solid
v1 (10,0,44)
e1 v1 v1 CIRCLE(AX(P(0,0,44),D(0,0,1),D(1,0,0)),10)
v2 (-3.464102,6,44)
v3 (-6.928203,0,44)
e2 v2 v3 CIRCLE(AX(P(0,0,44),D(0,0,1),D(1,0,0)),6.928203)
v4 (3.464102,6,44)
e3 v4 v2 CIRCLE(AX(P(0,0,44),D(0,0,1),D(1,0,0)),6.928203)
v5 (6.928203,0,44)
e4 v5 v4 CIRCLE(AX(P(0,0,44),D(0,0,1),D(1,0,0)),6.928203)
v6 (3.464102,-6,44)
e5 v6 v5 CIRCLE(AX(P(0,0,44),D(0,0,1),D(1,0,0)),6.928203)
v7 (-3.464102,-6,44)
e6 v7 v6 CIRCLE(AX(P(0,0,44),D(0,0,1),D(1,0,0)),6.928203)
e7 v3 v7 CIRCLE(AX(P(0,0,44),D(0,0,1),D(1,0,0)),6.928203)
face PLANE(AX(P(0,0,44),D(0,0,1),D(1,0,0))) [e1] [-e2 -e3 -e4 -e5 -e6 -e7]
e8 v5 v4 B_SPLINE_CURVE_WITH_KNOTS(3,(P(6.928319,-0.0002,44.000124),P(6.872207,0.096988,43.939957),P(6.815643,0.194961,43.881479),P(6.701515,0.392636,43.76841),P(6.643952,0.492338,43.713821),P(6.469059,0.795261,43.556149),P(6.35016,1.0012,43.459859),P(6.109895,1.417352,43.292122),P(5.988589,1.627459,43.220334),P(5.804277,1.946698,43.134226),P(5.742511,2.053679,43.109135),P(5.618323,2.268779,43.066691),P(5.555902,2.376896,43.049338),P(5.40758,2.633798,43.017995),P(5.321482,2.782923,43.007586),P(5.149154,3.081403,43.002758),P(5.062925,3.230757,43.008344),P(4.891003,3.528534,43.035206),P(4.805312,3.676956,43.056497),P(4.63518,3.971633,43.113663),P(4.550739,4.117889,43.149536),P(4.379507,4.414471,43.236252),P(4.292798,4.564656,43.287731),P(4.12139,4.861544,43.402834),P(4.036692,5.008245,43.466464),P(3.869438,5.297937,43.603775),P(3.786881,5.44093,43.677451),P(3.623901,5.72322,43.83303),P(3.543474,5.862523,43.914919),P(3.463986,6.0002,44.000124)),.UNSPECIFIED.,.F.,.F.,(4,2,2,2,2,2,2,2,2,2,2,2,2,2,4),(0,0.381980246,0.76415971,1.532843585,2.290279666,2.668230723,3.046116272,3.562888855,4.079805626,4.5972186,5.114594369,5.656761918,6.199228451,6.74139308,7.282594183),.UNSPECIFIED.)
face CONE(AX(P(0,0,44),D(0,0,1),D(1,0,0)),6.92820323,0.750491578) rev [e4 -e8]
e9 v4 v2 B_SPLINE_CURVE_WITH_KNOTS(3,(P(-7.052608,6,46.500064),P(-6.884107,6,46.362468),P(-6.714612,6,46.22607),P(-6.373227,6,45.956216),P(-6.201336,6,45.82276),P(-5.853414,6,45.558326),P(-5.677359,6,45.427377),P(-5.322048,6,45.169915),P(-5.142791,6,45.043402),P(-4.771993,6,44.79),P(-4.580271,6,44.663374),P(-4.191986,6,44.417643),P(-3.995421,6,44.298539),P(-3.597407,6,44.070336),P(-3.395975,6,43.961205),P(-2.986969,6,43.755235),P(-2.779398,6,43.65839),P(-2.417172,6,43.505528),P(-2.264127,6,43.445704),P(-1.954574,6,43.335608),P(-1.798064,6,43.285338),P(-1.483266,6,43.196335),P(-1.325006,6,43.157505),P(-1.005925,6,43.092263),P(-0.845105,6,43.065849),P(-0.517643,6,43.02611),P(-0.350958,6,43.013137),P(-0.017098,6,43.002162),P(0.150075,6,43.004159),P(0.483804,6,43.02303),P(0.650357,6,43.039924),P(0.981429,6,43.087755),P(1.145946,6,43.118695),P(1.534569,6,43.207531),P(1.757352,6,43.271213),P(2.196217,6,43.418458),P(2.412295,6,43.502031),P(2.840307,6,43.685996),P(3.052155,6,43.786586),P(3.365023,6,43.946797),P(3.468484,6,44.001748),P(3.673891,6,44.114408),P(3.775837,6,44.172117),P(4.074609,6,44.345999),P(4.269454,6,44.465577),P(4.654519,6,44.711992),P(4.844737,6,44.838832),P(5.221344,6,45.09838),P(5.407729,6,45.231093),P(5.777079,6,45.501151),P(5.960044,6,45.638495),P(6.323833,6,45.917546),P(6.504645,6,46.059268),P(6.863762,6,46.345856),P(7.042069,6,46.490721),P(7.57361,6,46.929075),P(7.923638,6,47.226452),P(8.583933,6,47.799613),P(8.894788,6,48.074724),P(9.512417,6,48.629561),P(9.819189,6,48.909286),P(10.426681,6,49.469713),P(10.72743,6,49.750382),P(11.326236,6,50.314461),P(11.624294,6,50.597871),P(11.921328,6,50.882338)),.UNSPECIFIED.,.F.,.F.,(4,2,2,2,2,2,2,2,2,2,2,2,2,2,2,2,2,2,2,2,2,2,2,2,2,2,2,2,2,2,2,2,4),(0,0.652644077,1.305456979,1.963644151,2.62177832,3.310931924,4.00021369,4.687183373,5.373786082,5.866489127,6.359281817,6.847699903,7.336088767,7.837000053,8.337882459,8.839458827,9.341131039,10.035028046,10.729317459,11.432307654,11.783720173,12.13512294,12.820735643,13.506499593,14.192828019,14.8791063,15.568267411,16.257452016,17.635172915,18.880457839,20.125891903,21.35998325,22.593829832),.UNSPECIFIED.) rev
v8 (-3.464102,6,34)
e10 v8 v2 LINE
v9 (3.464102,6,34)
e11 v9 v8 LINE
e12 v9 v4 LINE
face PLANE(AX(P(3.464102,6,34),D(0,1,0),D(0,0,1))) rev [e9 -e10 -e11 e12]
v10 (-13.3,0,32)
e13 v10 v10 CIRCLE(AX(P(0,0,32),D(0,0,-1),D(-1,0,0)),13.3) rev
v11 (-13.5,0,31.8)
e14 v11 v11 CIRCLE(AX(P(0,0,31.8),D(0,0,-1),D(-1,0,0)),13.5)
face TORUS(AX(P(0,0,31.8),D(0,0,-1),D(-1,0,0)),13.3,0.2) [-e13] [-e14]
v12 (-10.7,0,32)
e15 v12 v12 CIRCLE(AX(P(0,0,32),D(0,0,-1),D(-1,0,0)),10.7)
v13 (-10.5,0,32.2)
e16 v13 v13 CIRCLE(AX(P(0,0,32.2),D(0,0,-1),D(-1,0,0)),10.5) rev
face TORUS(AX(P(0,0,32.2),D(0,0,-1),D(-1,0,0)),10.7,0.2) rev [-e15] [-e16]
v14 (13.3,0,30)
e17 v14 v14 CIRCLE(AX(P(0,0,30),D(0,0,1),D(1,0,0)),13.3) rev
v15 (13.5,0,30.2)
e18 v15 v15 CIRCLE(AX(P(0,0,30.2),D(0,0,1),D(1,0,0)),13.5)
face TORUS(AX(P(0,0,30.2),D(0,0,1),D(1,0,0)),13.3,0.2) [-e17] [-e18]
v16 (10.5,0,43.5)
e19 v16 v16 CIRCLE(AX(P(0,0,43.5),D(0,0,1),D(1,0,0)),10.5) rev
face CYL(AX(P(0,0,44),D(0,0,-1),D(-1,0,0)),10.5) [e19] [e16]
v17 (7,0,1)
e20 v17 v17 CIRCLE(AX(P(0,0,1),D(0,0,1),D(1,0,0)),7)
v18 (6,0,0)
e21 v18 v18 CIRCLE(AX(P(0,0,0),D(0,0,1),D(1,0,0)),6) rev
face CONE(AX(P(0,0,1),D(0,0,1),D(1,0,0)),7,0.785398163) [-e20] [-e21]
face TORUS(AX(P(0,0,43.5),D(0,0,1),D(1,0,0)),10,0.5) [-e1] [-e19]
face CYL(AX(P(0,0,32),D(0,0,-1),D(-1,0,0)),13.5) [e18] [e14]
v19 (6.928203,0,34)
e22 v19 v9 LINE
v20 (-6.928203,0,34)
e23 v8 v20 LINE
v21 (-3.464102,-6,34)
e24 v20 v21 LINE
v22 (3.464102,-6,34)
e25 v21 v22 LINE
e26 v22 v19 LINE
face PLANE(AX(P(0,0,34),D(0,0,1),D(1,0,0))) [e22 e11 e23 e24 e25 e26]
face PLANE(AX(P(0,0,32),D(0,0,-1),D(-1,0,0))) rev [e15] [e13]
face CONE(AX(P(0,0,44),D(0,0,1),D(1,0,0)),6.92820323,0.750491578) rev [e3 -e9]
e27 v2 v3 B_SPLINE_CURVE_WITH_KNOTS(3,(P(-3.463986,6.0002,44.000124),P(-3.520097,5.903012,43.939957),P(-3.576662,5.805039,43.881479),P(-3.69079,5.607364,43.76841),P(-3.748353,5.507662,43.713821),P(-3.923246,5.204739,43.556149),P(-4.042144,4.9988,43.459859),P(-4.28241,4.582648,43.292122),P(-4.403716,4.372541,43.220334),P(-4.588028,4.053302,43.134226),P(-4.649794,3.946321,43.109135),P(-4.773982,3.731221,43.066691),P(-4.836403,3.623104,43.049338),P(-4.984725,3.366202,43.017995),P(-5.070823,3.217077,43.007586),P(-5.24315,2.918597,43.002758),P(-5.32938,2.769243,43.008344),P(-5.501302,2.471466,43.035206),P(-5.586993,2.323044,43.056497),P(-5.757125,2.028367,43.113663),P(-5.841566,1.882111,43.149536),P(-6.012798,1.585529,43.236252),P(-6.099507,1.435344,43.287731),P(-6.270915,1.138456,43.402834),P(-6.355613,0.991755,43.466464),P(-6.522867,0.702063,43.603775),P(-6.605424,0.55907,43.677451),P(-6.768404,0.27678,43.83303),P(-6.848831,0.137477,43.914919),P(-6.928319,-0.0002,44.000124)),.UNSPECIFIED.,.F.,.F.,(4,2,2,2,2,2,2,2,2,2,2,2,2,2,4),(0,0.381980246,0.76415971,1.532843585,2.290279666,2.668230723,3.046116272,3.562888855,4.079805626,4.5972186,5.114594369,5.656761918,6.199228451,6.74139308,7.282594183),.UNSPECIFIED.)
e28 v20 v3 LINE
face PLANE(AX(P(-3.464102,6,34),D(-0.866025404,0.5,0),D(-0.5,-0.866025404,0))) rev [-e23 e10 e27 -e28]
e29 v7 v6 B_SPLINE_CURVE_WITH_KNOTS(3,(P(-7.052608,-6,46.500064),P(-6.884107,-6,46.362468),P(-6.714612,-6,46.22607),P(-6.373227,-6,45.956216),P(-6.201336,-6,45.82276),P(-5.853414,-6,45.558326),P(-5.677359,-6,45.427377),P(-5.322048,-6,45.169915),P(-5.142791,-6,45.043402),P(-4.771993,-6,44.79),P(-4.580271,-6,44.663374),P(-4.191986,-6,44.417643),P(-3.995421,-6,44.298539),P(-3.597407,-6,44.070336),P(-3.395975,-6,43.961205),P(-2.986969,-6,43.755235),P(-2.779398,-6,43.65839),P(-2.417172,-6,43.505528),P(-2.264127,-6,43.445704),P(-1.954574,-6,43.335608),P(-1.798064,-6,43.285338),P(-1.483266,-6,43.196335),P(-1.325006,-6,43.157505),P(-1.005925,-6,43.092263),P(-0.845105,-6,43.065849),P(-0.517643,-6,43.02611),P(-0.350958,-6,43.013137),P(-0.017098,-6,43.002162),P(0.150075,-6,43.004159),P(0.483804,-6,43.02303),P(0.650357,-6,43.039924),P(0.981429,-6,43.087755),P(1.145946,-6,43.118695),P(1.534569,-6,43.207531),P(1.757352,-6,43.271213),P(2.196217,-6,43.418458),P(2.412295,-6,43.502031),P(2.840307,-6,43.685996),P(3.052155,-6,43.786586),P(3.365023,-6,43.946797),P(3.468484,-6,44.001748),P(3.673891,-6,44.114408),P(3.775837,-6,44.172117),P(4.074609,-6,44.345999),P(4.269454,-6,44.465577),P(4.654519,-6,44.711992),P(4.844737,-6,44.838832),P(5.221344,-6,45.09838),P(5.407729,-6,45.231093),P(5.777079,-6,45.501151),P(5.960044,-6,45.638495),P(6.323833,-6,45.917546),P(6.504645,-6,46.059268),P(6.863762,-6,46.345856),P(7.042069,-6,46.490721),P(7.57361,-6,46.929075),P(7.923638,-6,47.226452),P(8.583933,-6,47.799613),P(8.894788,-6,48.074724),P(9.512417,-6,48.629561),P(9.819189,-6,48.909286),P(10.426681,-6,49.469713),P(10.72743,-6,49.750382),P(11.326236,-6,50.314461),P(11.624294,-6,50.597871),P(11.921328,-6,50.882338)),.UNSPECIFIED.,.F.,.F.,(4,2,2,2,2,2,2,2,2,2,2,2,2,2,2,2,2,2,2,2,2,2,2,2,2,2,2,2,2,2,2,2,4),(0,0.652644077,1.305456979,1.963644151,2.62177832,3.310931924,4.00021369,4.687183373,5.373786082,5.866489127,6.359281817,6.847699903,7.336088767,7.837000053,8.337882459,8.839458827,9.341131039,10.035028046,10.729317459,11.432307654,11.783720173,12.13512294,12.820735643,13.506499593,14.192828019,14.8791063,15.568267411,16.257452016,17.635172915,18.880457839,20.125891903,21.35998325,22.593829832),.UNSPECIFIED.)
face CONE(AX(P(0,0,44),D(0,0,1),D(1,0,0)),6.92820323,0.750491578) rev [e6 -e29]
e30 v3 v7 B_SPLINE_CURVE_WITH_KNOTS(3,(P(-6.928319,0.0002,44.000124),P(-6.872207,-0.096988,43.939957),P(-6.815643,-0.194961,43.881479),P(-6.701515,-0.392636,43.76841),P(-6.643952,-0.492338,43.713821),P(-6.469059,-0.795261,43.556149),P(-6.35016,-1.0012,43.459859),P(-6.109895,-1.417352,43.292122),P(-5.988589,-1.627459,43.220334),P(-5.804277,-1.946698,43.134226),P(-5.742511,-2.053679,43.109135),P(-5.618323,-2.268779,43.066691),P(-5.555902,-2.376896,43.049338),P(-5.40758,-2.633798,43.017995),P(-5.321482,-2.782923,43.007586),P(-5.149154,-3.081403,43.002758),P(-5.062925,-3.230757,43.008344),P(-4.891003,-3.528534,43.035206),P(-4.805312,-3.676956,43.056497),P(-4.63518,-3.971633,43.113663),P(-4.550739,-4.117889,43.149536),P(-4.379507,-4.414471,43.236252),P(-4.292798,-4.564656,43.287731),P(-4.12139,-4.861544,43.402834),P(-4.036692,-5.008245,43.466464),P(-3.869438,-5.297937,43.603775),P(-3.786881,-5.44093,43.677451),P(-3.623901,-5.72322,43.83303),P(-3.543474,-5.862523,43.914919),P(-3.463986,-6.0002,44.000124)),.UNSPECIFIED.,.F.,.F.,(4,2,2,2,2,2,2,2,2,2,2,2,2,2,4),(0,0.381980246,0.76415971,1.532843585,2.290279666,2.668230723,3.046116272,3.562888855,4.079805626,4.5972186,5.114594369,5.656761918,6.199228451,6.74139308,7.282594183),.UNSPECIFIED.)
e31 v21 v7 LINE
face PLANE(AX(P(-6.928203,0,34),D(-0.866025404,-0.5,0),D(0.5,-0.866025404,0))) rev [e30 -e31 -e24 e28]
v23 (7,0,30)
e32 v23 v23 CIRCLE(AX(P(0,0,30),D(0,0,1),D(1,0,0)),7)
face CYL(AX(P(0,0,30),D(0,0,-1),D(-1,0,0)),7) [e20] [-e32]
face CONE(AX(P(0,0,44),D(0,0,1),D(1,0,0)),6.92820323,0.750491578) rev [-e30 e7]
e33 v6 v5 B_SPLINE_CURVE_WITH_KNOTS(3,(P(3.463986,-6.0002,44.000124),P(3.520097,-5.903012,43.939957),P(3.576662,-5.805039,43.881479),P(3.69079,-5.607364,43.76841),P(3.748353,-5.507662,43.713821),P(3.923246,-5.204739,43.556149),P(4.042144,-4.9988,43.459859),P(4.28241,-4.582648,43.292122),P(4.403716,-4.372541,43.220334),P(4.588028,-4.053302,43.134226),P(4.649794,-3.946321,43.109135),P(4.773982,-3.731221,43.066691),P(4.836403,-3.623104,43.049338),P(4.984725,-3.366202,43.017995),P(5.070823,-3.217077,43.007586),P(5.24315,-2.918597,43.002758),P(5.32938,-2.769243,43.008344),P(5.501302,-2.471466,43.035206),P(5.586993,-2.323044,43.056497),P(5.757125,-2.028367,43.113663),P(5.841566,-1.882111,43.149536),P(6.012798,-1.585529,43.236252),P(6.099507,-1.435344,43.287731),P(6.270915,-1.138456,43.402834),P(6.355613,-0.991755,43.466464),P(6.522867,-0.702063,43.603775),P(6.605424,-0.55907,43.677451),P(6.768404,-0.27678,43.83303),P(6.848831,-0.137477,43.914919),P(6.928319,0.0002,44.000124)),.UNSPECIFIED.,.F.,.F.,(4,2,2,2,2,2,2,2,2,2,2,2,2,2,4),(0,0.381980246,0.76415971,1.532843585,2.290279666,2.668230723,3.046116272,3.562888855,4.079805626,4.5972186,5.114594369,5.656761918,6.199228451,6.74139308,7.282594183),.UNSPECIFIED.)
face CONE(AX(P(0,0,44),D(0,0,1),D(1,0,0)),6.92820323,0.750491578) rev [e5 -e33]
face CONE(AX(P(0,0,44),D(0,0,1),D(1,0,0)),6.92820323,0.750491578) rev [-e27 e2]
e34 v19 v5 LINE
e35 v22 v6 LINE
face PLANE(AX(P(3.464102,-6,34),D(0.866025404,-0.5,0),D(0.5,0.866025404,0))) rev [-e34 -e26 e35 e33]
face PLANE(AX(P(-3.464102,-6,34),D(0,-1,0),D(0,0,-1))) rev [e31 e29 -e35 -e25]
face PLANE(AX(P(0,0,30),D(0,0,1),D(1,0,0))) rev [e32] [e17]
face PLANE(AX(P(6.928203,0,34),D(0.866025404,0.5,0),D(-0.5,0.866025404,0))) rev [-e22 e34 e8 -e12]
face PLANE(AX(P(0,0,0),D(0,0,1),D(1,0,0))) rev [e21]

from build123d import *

# Parameters (mm, degrees)
SCHIZZO1_R                   = 7
ESTRUSIONE_ESTRUSIONE1_DEPTH = 30
SMUSSO1_SIZE                 = 1
SCHIZZO6_R                   = 10.5
ESTRUSIONE_ESTRUSIONE3_DEPTH = 14
TAGLIO_ESTRUSIONE3_DEPTH     = 10
SCHIZZO8_R                   = 6.92820323
TAGLIO_ESTRUSIONE4_DEPTH     = 1
TAGLIO_ESTRUSIONE4_TAPER     = 43
RACCORDO5_R                  = 0.5
SCHIZZO9_R                   = 13.5
SCHIZZO9_R_2                 = 10.5
ESTRUSIONE_ESTRUSIONE4_DEPTH = 2
RACCORDO6_R                  = 0.2


with BuildPart() as part:
    # Schizzo1 → Estrusione-Estrusione1 (new body)
    with BuildSketch(Plane.XY):
        Circle(SCHIZZO1_R)
    extrude(amount=ESTRUSIONE_ESTRUSIONE1_DEPTH)

    # Smusso1
    smusso1_edges = [part.edges().sort_by_distance(p)[0] for p in [
        (-7, 0, 0),
    ]]
    chamfer(smusso1_edges, length=SMUSSO1_SIZE)

    # Schizzo6 → Estrusione-Estrusione3 (add)
    with BuildSketch(Plane.XY.offset(30)):
        Circle(SCHIZZO6_R)
    extrude(amount=ESTRUSIONE_ESTRUSIONE3_DEPTH)

    # Schizzo7 → Taglio-Estrusione3 (cut)
    with BuildSketch(Plane.XY.offset(44)):
        Polygon((3.464101615, 6), (-3.464101615, 6), (-6.92820323, 0), (-3.464101615, -6), (3.464101615, -6), (6.92820323, 0), align=None)
    extrude(amount=-TAGLIO_ESTRUSIONE3_DEPTH, mode=Mode.SUBTRACT)

    # Schizzo8 → Taglio-Estrusione4 (cut)
    with BuildSketch(Plane.XY.offset(44)):
        Circle(SCHIZZO8_R)
    extrude(amount=-TAGLIO_ESTRUSIONE4_DEPTH, taper=TAGLIO_ESTRUSIONE4_TAPER, mode=Mode.SUBTRACT)

    # Raccordo5
    raccordo5_edges = [part.edges().sort_by_distance(p)[0] for p in [
        (-10.5, 0, 44),
    ]]
    fillet(raccordo5_edges, radius=RACCORDO5_R)

    # Schizzo9 → Estrusione-Estrusione4 (add)
    with BuildSketch(Plane(origin=(0, 0, 30), x_dir=(-1, 0, 0), z_dir=(0, 0, -1))):
        Circle(SCHIZZO9_R)
        Circle(SCHIZZO9_R_2, mode=Mode.SUBTRACT)
    extrude(amount=-ESTRUSIONE_ESTRUSIONE4_DEPTH)

    # Raccordo6
    raccordo6_edges = [part.edges().sort_by_distance(p)[0] for p in [
        (-10.5, 0, 32),
        (13.5, 0, 32),
        (13.5, 0, 30),
    ]]
    fillet(raccordo6_edges, radius=RACCORDO6_R)


solid = part.part
